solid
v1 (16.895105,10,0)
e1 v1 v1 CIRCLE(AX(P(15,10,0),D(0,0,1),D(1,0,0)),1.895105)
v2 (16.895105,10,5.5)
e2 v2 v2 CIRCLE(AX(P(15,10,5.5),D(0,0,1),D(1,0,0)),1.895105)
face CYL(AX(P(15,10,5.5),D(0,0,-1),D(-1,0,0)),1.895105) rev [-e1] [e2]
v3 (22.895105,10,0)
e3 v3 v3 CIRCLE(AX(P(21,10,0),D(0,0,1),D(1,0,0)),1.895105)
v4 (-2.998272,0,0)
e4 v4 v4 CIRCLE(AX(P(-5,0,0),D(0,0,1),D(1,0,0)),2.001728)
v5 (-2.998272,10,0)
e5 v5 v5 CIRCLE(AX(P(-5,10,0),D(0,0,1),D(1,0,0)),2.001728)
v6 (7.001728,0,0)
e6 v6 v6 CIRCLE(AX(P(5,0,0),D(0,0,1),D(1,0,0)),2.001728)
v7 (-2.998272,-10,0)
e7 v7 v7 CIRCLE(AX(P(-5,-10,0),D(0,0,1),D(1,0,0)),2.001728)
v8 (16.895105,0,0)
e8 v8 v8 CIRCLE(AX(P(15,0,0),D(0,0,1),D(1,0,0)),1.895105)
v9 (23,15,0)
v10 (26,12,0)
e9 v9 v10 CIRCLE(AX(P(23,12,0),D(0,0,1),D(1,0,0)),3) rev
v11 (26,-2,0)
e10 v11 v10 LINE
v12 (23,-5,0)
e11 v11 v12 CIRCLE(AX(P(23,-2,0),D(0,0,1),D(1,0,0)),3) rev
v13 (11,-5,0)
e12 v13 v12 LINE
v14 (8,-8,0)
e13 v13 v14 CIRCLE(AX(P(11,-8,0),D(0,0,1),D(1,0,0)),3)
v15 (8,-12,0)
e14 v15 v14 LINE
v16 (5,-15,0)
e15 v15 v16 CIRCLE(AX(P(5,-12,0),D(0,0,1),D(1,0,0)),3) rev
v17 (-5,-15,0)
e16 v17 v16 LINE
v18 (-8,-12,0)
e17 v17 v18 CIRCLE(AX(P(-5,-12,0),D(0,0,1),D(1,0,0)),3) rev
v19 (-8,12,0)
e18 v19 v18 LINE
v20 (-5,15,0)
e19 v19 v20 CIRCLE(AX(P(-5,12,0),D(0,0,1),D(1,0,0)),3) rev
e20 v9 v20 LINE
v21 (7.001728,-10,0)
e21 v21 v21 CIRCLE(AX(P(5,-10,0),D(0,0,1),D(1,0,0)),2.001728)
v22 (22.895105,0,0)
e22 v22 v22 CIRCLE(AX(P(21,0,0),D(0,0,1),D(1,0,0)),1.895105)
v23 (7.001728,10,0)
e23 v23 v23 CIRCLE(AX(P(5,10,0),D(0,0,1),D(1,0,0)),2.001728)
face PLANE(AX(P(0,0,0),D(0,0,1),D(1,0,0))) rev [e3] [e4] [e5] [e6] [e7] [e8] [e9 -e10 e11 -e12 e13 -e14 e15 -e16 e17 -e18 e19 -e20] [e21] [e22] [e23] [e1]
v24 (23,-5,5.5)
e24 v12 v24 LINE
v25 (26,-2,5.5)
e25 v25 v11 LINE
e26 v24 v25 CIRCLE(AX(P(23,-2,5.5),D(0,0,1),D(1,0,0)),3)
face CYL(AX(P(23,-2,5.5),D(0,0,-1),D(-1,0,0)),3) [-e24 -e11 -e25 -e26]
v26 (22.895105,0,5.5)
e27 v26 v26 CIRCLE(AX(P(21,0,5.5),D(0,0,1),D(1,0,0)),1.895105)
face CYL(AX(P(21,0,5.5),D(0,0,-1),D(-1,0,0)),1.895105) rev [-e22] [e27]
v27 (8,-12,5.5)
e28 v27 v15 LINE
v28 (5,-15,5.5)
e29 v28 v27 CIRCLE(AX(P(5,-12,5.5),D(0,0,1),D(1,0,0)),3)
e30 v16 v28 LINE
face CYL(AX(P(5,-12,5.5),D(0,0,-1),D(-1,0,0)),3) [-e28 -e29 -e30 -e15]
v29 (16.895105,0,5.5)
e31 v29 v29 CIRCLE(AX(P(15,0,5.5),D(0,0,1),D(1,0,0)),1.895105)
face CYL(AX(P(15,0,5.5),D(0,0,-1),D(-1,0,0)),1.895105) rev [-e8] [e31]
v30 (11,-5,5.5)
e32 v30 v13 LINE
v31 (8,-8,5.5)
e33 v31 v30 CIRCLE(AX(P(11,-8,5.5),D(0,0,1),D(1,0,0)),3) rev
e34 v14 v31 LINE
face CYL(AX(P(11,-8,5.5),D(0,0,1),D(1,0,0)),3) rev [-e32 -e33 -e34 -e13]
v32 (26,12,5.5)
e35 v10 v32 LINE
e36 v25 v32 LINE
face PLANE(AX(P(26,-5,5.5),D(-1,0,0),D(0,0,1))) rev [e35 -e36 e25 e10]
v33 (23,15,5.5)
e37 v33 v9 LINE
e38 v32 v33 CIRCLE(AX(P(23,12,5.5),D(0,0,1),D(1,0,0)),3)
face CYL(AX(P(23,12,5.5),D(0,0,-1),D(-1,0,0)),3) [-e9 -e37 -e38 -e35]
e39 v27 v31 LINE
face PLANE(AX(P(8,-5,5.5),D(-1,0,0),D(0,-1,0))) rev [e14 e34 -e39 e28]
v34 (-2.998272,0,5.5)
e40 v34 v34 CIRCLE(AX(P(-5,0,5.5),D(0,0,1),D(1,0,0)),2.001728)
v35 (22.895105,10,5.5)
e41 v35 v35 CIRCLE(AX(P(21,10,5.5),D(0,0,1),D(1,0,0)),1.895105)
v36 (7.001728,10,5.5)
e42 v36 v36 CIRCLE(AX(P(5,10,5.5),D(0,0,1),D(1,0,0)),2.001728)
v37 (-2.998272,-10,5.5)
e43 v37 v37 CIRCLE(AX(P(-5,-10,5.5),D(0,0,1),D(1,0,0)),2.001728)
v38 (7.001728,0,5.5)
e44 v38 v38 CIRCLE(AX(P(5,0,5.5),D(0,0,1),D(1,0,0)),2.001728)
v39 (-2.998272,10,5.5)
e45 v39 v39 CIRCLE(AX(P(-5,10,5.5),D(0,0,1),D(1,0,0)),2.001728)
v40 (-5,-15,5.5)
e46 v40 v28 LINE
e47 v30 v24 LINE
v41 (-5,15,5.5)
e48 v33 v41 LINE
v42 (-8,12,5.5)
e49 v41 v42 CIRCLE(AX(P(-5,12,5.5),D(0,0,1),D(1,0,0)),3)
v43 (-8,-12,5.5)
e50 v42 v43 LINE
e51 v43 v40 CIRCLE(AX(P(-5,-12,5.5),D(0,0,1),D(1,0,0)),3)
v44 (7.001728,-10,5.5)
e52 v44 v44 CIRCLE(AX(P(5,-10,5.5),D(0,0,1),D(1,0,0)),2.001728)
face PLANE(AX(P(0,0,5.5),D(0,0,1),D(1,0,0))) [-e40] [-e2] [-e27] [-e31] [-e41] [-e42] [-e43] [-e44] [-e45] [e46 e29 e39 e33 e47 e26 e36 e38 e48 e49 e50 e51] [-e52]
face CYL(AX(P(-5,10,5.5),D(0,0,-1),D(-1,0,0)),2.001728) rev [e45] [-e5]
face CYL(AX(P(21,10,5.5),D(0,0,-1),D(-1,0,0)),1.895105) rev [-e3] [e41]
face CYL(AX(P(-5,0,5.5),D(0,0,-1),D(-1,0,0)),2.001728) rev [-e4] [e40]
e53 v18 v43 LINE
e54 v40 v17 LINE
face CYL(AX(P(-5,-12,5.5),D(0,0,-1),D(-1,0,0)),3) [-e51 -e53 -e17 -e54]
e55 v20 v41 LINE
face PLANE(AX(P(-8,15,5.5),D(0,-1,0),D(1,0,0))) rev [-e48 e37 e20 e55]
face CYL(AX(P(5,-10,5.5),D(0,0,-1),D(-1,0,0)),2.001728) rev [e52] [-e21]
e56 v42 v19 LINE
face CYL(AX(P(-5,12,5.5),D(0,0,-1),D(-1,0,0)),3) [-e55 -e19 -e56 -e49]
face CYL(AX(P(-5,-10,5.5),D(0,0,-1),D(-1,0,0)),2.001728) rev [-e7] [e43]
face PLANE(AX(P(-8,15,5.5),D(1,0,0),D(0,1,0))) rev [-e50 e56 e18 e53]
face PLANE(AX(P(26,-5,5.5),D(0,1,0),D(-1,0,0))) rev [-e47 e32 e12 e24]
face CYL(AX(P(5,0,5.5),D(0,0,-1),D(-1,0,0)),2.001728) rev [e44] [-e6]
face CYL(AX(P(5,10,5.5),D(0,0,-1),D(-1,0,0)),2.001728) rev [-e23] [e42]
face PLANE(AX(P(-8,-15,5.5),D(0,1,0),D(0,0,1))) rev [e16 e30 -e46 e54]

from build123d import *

# Parameters (mm, degrees)
SKETCH_1_R      = 2.001727574
SKETCH_1_R_2    = 1.895105282
EXTRUDE_1_DEPTH = 5.5
FILLET_1_R      = 3


with BuildPart() as part:
    # 草图1 → 凸台-拉伸1 (new body)
    with BuildSketch(Plane.XY):
        Polygon((-8, 15), (8, 15), (26, 15), (26, -5), (8, -5), (8, -15), (-8, -15), align=None)
        with Locations((-5, 10)):
            Circle(SKETCH_1_R, mode=Mode.SUBTRACT)
        with Locations((5, 10)):
            Circle(SKETCH_1_R, mode=Mode.SUBTRACT)
        with Locations((5, 0)):
            Circle(SKETCH_1_R, mode=Mode.SUBTRACT)
        with Locations((5, -10)):
            Circle(SKETCH_1_R, mode=Mode.SUBTRACT)
        with Locations((-5, 0)):
            Circle(SKETCH_1_R, mode=Mode.SUBTRACT)
        with Locations((-5, -10)):
            Circle(SKETCH_1_R, mode=Mode.SUBTRACT)
        with Locations((15, 10)):
            Circle(SKETCH_1_R_2, mode=Mode.SUBTRACT)
        with Locations((21, 10)):
            Circle(SKETCH_1_R_2, mode=Mode.SUBTRACT)
        with Locations((21, 0)):
            Circle(SKETCH_1_R_2, mode=Mode.SUBTRACT)
        with Locations((15, 0)):
            Circle(SKETCH_1_R_2, mode=Mode.SUBTRACT)
    extrude(amount=EXTRUDE_1_DEPTH)

    # 圆角1
    fillet_1_edges = [part.edges().sort_by_distance(p)[0] for p in [
        (8, -15, 2.75),
        (-8, -15, 2.75),
        (-8, 15, 2.75),
        (26, 15, 2.75),
        (26, -5, 2.75),
        (8, -5, 2.75),
    ]]
    fillet(fillet_1_edges, radius=FILLET_1_R)


solid = part.part
